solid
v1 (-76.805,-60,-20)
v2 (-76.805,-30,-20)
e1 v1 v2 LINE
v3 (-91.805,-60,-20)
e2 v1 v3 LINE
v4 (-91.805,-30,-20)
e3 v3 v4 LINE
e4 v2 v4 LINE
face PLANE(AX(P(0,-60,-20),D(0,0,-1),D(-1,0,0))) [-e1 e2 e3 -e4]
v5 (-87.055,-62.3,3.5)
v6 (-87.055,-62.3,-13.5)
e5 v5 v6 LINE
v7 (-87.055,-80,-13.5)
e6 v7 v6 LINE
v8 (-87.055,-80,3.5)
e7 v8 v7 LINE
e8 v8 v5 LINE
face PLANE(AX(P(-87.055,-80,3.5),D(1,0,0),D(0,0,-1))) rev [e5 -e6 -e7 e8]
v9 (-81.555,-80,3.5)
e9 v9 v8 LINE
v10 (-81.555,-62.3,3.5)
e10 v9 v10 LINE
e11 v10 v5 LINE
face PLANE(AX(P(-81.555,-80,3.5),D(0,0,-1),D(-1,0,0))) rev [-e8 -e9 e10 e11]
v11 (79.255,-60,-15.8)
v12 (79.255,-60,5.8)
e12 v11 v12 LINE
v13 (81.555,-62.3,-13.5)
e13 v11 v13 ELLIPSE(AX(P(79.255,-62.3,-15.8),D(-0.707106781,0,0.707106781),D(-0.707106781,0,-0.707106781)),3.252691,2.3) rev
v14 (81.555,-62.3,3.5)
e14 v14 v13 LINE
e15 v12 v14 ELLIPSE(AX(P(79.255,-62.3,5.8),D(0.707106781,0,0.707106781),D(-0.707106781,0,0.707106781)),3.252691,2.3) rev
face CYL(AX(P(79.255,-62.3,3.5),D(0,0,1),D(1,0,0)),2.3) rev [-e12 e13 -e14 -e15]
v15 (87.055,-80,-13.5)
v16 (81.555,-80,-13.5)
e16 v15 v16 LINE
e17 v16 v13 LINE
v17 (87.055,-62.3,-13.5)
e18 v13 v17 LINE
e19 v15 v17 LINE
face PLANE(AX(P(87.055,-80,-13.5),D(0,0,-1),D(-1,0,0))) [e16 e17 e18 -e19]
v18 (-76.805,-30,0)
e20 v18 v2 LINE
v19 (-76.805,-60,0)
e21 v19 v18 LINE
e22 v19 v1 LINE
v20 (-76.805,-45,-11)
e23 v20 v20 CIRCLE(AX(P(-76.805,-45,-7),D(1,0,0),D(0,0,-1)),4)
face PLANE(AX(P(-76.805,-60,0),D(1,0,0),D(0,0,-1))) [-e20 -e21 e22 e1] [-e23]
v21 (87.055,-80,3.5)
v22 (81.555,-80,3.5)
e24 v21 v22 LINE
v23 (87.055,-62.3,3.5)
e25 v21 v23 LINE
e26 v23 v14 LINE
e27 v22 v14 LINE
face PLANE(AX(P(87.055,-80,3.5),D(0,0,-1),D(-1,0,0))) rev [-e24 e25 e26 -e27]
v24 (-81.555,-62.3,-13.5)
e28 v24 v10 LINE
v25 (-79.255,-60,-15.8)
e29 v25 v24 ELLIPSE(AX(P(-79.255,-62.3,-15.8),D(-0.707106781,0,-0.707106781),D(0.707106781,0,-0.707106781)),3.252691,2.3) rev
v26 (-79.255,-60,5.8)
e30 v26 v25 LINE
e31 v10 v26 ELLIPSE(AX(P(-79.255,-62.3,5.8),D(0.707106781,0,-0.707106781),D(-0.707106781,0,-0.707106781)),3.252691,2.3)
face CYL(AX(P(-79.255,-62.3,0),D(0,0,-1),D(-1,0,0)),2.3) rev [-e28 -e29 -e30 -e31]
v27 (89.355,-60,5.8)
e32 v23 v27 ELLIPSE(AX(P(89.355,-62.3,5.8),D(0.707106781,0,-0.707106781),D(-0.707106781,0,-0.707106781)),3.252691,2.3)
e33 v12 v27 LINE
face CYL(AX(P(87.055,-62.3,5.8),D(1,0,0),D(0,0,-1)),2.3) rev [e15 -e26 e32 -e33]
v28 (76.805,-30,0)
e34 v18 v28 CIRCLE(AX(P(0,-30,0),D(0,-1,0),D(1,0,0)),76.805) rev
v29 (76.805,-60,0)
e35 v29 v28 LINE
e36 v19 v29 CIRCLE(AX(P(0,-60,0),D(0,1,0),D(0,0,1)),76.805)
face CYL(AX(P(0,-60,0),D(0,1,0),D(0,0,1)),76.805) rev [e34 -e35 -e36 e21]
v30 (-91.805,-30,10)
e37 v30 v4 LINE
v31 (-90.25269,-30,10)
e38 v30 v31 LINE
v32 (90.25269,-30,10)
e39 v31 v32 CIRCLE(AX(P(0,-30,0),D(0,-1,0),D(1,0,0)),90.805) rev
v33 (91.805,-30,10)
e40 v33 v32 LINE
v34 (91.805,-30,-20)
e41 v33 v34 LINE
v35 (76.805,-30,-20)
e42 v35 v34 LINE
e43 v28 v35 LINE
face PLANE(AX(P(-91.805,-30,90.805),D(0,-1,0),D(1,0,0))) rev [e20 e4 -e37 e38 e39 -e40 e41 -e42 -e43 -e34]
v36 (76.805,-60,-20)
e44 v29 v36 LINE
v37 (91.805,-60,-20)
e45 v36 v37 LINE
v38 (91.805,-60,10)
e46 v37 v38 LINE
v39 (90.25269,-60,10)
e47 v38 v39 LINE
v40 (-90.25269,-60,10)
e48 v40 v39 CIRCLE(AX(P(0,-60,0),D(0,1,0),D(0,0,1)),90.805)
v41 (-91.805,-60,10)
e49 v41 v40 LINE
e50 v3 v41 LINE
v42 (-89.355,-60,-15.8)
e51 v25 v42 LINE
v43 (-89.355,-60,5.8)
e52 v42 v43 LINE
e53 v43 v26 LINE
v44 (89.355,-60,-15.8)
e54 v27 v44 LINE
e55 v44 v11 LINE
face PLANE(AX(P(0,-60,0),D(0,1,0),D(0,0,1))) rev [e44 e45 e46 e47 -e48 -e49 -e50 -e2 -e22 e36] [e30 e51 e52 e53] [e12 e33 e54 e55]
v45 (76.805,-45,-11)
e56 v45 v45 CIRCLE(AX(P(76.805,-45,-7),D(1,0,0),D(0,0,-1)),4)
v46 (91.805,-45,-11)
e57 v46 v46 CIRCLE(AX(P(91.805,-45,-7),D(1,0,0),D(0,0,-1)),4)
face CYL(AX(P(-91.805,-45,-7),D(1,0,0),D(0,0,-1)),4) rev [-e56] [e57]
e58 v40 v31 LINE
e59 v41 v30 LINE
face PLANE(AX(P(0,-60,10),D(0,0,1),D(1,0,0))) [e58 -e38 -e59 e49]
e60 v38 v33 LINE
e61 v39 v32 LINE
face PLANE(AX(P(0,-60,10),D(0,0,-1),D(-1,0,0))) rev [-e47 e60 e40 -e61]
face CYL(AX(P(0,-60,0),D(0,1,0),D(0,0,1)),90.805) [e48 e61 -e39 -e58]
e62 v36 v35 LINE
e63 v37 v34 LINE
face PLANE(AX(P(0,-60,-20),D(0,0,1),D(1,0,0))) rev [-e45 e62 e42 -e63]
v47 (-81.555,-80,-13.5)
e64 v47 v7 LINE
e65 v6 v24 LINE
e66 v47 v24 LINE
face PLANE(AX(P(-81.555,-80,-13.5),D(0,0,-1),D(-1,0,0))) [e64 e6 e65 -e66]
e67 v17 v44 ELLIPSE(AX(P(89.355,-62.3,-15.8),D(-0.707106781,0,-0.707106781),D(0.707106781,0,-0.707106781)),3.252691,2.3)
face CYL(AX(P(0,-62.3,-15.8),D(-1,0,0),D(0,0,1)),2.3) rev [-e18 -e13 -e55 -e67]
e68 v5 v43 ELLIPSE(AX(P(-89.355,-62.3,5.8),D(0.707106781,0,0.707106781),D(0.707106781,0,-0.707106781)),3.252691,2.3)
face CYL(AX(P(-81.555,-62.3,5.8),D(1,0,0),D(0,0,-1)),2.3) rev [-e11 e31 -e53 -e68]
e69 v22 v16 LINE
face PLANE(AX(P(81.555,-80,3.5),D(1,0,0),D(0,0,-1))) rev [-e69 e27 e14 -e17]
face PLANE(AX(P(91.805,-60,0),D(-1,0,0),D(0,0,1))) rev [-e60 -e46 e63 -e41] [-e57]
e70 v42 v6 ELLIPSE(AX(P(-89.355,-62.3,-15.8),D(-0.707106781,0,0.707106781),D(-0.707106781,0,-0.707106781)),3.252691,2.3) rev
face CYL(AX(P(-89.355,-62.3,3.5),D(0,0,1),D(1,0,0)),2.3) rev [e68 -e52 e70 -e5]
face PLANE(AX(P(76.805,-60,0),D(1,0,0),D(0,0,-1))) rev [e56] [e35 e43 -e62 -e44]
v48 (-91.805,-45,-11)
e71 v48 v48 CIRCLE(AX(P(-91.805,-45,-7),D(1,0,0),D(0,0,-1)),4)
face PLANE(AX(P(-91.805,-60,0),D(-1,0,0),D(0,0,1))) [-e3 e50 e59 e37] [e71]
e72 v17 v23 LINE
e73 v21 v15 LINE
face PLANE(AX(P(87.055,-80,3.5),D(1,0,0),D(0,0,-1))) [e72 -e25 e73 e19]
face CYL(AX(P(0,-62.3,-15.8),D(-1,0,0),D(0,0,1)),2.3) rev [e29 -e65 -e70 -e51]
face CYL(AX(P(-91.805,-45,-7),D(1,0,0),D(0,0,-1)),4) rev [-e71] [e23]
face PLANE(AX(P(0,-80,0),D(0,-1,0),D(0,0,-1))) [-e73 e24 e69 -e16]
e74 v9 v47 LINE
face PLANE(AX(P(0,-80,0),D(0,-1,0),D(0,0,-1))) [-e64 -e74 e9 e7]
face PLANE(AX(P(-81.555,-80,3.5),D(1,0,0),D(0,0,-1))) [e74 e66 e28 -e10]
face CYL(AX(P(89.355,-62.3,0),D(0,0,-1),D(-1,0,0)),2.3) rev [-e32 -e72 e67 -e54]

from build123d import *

# Parameters (mm, degrees)
BOSS_EXTRUDE1_DEPTH      = 60
SKETCH25_W               = 5.5
SKETCH25_H               = 17
BOSS_EXTRUDE3_DEPTH      = 20
FILLET1_R                = 2.3
CUT_EXTRUDE19_DEPTH      = 165.638713704
CUT_EXTRUDE19_DEPTH_BACK = 165.638713704
SKETCH30_W               = 183.61
SKETCH30_H               = 30
SKETCH31_R               = 4
CUT_EXTRUDE20_DEPTH      = 220.90493429


with BuildPart() as part:
    # Sketch1 → Boss-Extrude1 (new body)
    with BuildSketch(Plane(origin=(0, 0, 0), x_dir=(1, 0, 0), z_dir=(0, 1, 0))):
        with BuildLine():
            Line((91.805, -10), (90.252689849, -10))
            ThreePointArc((90.252689849, -10), (0, -90.805), (-90.252689849, -10))
            Line((-90.252689849, -10), (-91.805, -10))
            Line((-91.805, -10), (-91.805, 20))
            Line((-91.805, 20), (-76.805, 20))
            Line((-76.805, 20), (-76.805, 0))
            ThreePointArc((-76.805, 0), (0, -76.805), (76.805, 0))
            Line((76.805, 0), (76.805, 20))
            Line((76.805, 20), (91.805, 20))
            Line((91.805, 20), (91.805, -10))
        make_face()
    extrude(amount=-BOSS_EXTRUDE1_DEPTH)

    # Sketch25 → Boss-Extrude3 (add)
    with BuildSketch(Plane(origin=(0, -60, 0), x_dir=(-1, 0, 0), z_dir=(0, -1, 0))):
        with Locations((84.305, 5)):
            Rectangle(SKETCH25_W, SKETCH25_H)
        with Locations((-84.305, 5)):
            Rectangle(SKETCH25_W, SKETCH25_H)
    extrude(amount=BOSS_EXTRUDE3_DEPTH)

    # Fillet1
    fillet1_edges = [part.edges().sort_by_distance(p)[0] for p in [
        (84.305, -60, 3.5),
        (81.555, -60, -5),
        (87.055, -60, -5),
        (84.305, -60, -13.5),
        (-84.305, -60, 3.5),
        (-87.055, -60, -5),
        (-81.555, -60, -5),
        (-84.305, -60, -13.5),
    ]]
    fillet(fillet1_edges, radius=FILLET1_R)

    # Sketch30 → Cut-Extrude19 (cut, two sides: drawn at the far end of the back side and taken through both)
    with BuildSketch(Plane(origin=(0, 0, -20), x_dir=(-1, 0, 0), z_dir=(0, 0, -1)).offset(-CUT_EXTRUDE19_DEPTH_BACK)):
        with Locations((0, -15)):
            Rectangle(SKETCH30_W, SKETCH30_H)
    extrude(amount=CUT_EXTRUDE19_DEPTH + CUT_EXTRUDE19_DEPTH_BACK, mode=Mode.SUBTRACT)

    # Sketch31 → Cut-Extrude20 (cut, through all)
    with BuildSketch(Plane(origin=(91.805, 0, 0), x_dir=(0, 0, -1), z_dir=(1, 0, 0))):
        with Locations((7, -45)):
            Circle(SKETCH31_R)
    extrude(amount=-CUT_EXTRUDE20_DEPTH, mode=Mode.SUBTRACT)


solid = part.part
